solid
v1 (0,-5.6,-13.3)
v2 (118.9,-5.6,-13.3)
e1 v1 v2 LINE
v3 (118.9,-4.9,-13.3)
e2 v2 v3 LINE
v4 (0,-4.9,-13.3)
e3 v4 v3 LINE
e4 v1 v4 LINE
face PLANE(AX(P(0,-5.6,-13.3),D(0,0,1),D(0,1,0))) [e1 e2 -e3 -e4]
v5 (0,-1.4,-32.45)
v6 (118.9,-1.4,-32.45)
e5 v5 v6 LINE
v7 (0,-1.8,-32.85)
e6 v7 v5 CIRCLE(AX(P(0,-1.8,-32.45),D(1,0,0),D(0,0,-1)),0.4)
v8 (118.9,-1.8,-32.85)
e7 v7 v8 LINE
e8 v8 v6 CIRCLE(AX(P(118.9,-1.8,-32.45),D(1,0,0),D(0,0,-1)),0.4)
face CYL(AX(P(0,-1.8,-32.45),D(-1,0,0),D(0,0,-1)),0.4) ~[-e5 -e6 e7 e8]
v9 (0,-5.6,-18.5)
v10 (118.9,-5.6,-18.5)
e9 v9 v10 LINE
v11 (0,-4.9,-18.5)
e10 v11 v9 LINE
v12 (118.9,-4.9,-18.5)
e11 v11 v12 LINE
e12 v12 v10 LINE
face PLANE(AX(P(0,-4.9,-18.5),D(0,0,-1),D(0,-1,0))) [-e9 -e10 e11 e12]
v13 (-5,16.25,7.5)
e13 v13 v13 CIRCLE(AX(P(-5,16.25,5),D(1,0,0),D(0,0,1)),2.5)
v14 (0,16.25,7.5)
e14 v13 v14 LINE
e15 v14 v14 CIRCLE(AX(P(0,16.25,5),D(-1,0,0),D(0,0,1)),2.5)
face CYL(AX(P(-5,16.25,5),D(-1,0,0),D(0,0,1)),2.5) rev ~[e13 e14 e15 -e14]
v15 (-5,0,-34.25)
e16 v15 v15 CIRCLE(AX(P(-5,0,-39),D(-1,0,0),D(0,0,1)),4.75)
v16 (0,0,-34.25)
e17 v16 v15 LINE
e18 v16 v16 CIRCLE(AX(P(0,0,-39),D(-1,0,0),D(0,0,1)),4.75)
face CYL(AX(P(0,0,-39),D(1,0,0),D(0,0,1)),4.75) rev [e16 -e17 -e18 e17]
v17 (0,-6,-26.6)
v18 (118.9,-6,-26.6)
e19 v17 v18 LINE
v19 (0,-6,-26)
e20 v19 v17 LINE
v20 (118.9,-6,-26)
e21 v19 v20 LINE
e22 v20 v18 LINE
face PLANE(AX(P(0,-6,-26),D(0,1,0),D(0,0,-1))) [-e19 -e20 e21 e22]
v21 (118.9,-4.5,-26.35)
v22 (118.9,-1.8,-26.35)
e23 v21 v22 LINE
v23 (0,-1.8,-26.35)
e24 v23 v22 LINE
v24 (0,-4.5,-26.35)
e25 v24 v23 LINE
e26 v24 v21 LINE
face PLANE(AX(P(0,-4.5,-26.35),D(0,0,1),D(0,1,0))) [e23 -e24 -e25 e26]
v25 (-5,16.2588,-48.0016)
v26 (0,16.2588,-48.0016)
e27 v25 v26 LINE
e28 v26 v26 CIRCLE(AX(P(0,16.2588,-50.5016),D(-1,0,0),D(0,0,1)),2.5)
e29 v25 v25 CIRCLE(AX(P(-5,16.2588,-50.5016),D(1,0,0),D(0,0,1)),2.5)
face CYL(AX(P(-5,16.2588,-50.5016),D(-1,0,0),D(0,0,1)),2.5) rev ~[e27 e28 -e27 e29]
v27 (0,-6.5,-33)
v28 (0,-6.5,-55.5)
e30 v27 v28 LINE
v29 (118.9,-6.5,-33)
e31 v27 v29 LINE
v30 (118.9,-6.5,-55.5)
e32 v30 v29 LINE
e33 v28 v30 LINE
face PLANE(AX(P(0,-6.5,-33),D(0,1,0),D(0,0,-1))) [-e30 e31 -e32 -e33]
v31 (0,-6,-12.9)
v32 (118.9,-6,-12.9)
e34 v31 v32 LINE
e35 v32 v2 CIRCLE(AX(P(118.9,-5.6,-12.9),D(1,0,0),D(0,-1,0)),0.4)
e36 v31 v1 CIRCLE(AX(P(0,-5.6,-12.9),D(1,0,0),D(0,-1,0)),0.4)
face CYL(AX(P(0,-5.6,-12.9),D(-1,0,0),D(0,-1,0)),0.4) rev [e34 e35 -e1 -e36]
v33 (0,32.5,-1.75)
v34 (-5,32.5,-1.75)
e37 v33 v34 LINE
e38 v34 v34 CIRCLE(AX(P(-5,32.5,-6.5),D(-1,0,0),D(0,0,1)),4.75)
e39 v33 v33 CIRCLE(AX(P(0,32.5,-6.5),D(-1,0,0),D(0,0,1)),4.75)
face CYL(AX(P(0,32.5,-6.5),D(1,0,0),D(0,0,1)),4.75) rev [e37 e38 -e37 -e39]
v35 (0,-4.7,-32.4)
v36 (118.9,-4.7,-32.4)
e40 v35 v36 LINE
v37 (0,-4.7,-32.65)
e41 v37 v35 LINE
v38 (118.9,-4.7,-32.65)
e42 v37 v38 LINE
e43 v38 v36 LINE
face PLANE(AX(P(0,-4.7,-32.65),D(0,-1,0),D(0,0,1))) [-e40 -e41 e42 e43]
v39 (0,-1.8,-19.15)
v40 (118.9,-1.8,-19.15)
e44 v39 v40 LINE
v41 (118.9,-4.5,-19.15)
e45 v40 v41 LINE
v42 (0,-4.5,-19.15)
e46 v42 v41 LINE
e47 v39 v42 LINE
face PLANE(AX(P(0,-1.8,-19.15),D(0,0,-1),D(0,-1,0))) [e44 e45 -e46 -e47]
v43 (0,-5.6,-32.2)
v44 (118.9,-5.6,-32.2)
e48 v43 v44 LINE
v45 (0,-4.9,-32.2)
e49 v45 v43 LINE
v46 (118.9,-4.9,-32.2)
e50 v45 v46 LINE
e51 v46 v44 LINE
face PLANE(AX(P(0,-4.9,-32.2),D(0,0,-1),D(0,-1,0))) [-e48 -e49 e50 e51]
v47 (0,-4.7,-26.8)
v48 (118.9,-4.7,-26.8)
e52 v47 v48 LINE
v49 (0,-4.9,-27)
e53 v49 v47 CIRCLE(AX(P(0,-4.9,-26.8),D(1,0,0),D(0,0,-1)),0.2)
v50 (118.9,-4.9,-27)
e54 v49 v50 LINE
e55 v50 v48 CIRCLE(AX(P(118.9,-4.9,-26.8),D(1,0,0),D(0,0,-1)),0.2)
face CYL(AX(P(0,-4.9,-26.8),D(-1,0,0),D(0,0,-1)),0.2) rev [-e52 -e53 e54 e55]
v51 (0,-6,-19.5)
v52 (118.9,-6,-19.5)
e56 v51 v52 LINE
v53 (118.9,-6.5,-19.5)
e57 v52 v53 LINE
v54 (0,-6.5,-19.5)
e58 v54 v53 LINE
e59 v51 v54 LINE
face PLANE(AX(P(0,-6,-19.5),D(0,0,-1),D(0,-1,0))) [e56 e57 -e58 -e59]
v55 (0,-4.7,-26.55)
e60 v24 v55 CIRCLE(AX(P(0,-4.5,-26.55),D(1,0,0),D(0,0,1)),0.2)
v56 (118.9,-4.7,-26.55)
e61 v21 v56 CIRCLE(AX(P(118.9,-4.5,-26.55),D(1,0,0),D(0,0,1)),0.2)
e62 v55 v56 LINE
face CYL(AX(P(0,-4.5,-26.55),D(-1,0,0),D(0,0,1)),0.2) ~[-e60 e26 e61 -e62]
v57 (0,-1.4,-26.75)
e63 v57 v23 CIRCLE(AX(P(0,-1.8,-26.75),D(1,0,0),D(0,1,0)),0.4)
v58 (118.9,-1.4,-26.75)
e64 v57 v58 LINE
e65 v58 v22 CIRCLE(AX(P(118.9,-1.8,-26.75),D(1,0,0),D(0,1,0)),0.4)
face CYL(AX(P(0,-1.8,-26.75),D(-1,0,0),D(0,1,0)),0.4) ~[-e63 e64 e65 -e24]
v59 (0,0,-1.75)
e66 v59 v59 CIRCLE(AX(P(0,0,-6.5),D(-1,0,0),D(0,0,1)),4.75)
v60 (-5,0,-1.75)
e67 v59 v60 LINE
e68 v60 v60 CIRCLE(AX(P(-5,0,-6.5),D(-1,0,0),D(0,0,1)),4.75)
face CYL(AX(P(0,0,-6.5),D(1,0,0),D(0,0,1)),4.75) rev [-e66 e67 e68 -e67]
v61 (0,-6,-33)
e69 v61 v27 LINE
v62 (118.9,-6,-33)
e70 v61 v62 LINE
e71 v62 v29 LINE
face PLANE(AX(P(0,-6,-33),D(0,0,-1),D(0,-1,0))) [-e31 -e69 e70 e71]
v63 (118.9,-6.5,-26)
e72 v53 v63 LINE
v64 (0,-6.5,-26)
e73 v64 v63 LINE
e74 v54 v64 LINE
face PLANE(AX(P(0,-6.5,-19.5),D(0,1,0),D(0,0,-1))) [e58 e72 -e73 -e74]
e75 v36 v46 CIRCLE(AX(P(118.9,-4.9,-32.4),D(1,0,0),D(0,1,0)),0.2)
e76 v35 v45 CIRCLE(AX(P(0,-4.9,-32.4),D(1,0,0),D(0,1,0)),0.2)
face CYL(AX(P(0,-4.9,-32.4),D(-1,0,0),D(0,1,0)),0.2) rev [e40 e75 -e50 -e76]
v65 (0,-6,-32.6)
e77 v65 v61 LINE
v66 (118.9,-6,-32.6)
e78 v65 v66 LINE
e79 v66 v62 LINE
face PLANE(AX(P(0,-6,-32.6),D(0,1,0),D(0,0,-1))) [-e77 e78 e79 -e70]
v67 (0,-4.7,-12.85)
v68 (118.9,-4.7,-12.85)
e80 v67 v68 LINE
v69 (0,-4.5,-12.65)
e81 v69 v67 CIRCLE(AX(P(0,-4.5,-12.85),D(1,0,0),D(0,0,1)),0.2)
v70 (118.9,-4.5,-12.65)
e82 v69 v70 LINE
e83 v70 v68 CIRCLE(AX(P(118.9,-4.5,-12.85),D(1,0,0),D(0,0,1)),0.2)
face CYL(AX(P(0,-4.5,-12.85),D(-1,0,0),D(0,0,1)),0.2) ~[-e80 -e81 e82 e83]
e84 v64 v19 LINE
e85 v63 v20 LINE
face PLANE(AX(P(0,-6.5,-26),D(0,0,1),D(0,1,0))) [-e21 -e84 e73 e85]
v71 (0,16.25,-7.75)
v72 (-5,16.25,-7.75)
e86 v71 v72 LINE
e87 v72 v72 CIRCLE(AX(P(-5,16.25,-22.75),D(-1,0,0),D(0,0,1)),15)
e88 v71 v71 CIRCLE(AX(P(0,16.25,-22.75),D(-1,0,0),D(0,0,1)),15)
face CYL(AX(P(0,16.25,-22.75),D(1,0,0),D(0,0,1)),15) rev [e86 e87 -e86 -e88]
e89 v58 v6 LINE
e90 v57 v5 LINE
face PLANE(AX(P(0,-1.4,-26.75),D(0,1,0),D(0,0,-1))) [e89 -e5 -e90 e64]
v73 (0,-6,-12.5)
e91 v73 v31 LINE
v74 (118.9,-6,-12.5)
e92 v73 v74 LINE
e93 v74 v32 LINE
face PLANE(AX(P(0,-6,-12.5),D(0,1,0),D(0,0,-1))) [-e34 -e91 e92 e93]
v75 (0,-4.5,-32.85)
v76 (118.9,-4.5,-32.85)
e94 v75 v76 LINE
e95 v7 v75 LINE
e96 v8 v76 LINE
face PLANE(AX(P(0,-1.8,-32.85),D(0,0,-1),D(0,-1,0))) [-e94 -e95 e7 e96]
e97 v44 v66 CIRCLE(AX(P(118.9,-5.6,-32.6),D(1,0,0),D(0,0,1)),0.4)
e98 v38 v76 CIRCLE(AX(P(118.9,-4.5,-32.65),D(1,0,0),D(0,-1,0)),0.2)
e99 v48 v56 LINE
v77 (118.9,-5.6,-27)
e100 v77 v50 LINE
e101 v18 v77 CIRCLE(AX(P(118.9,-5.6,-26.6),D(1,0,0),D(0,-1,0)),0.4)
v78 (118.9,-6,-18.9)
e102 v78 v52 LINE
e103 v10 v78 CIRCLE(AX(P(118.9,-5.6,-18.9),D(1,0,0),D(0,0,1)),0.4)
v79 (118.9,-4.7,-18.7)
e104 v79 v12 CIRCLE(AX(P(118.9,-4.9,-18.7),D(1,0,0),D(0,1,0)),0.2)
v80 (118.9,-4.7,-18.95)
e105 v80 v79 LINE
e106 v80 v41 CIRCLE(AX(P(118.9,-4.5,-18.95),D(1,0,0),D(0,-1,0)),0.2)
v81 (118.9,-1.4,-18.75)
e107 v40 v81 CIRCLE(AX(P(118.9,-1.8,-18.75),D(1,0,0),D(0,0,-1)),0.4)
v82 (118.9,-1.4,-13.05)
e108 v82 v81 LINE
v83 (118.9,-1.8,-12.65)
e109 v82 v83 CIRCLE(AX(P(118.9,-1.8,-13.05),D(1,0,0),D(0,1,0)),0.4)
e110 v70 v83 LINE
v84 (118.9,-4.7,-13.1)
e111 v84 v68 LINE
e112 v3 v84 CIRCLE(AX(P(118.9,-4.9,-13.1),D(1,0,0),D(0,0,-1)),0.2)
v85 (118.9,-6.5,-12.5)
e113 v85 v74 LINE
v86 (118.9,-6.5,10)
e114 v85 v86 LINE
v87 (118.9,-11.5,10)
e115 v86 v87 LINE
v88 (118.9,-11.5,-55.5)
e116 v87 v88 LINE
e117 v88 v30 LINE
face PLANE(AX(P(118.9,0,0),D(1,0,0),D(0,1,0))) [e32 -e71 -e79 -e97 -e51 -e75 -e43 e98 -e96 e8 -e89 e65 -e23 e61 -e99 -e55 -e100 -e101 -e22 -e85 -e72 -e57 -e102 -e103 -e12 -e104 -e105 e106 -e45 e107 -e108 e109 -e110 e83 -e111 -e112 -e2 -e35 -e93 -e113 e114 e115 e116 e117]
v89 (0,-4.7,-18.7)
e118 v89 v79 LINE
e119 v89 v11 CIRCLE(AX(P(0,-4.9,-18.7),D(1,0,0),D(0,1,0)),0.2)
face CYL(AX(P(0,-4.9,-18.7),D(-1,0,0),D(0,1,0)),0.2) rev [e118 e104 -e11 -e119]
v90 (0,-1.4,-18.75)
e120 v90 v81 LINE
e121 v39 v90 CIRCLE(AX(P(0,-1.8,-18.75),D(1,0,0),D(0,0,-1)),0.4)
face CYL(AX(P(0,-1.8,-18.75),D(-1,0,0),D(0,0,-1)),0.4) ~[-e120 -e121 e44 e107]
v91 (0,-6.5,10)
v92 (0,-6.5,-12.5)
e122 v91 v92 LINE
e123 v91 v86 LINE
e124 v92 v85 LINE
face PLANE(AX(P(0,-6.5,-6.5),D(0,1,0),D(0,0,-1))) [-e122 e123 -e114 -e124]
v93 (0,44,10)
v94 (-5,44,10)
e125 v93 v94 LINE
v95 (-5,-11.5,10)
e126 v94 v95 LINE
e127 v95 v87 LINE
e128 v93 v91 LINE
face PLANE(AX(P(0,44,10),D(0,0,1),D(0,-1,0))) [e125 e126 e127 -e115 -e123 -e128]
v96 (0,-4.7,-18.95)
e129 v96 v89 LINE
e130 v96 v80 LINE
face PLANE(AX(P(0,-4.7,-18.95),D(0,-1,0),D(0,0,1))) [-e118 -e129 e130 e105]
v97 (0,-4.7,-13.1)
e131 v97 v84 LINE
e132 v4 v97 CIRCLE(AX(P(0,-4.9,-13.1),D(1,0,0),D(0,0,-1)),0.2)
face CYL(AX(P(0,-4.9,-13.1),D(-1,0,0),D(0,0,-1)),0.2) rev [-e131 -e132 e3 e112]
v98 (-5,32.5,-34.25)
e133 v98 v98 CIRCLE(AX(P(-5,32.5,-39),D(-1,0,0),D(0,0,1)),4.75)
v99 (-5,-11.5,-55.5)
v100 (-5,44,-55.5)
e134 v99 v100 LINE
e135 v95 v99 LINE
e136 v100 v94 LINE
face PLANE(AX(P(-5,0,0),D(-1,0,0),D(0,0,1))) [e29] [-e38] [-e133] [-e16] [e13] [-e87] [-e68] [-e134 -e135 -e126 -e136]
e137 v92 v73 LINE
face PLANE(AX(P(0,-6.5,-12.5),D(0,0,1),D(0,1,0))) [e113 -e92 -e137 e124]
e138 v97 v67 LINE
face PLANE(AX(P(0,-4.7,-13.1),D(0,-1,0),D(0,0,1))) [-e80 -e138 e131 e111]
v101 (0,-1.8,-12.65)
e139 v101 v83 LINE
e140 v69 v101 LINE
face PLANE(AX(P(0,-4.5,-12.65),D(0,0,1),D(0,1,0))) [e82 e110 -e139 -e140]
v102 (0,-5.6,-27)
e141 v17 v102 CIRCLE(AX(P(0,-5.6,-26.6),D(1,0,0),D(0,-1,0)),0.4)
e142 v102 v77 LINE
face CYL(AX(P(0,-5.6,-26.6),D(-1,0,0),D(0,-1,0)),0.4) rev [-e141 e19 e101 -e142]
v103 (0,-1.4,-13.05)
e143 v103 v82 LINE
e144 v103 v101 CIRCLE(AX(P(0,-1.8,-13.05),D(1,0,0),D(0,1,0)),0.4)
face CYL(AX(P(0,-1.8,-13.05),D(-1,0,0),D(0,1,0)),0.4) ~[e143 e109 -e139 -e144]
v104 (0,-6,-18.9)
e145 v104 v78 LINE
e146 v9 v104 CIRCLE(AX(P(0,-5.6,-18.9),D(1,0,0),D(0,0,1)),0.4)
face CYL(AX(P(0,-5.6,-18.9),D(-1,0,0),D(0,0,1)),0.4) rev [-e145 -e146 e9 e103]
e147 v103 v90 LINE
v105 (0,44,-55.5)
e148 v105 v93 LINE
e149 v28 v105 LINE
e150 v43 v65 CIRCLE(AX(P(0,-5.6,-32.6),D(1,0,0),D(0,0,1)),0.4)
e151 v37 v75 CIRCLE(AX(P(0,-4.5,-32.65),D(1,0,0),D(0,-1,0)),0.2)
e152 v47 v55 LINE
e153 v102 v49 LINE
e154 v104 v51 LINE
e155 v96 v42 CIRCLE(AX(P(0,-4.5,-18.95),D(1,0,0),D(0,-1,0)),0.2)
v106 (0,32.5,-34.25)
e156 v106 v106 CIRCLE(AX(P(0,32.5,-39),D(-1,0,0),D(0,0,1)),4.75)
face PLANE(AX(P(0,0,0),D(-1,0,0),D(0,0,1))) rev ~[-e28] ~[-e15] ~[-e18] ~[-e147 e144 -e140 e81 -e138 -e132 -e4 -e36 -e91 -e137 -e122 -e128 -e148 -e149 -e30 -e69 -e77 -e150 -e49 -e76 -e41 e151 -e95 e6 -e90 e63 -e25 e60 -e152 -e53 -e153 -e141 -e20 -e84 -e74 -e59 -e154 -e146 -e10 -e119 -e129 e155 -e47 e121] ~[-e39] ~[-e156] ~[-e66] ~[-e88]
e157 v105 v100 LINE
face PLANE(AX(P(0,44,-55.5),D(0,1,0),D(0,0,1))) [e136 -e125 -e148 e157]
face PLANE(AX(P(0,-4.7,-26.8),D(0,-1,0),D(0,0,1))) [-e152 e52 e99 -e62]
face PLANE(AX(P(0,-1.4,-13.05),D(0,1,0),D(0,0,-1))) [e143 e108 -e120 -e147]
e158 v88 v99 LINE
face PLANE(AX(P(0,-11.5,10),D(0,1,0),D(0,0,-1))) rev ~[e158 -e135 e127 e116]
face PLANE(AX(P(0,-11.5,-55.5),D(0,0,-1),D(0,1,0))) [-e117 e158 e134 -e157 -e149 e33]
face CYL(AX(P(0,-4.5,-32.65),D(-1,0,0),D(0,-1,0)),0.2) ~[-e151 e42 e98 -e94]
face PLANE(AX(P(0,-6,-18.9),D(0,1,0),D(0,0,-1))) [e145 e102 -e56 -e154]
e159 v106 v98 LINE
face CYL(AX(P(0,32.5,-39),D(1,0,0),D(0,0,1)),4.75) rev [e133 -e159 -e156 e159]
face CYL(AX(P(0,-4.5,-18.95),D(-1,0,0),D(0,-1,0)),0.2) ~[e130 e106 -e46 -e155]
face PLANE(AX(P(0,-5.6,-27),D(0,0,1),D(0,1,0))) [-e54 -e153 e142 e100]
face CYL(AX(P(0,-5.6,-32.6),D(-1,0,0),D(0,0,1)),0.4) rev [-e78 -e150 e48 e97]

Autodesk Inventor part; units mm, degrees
ref_plane "YZ Plane" through (0, 0, 0) normal (1, 0, 0) x (0, 1, 0)
ref_plane "XZ Plane" through (0, 0, 0) normal (0, 1, 0) x (-1, 0, 0)
ref_plane "XY Plane" through (0, 0, 0) normal (0, 0, 1) x (1, 0, 0)
sketch "Sketch4" plane through (0, 0, 0) normal (1, 0, 0) x (0, 1, 0)
  line L0 (-6, -12.5) -> (-6, -12.9)
  arc A0 (-6, -12.9) -> (-5.6, -13.3) centre (-5.6, -12.9) ccw
  line L1 (-5.6, -13.3) -> (-4.9, -13.3)
  arc A1 (-4.9, -13.3) -> (-4.7, -13.1) centre (-4.9, -13.1) ccw
  line L2 (-4.7, -13.1) -> (-4.7, -12.85)
  arc A2 (-4.5, -12.65) -> (-4.7, -12.85) centre (-4.5, -12.85) ccw
  line L3 (-4.5, -12.65) -> (-1.8, -12.65)
  arc A3 (-1.4, -13.05) -> (-1.8, -12.65) centre (-1.8, -13.05) ccw
  line L4 (-1.4, -13.05) -> (-1.4, -18.75)
  line L5 (-1.8, -19.15) -> (-4.5, -19.15)
  arc A4 (-1.8, -19.15) -> (-1.4, -18.75) centre (-1.8, -18.75) ccw
  arc A5 (-4.7, -18.95) -> (-4.5, -19.15) centre (-4.5, -18.95) ccw
  line L6 (-4.7, -18.95) -> (-4.7, -18.7)
  arc A6 (-4.7, -18.7) -> (-4.9, -18.5) centre (-4.9, -18.7) ccw
  line L7 (-4.9, -18.5) -> (-5.6, -18.5)
  arc A7 (-5.6, -18.5) -> (-6, -18.9) centre (-5.6, -18.9) ccw
  line L8 (-6, -18.9) -> (-6, -19.5)
  line L9 (-6.5, -6.5) -> (-6.5, -12.5)
  line L10 (-6.5, -12.5) -> (-6, -12.5)
  line L11 (-6, -19.5) -> (-6.5, -19.5)
  line L12 (-6.5, -19.5) -> (-6.5, -26)
  line L13 (-6.5, -26) -> (-6, -26)
  line L14 (-6, -26) -> (-6, -26.6)
  arc A8 (-6, -26.6) -> (-5.6, -27) centre (-5.6, -26.6) ccw
  line L15 (-5.6, -27) -> (-4.9, -27)
  arc A9 (-4.9, -27) -> (-4.7, -26.8) centre (-4.9, -26.8) ccw
  arc A10 (-4.5, -26.35) -> (-4.7, -26.55) centre (-4.5, -26.55) ccw
  line L16 (-4.7, -26.8) -> (-4.7, -26.55)
  line L17 (-4.5, -26.35) -> (-1.8, -26.35)
  arc A11 (-1.4, -26.75) -> (-1.8, -26.35) centre (-1.8, -26.75) ccw
  line L18 (-1.4, -26.75) -> (-1.4, -32.45)
  arc A12 (-1.8, -32.85) -> (-1.4, -32.45) centre (-1.8, -32.45) ccw
  line L19 (-1.8, -32.85) -> (-4.5, -32.85)
  arc A13 (-4.7, -32.65) -> (-4.5, -32.85) centre (-4.5, -32.65) ccw
  line L20 (-4.7, -32.65) -> (-4.7, -32.4)
  arc A14 (-4.7, -32.4) -> (-4.9, -32.2) centre (-4.9, -32.4) ccw
  line L21 (-4.9, -32.2) -> (-5.6, -32.2)
  arc A15 (-5.6, -32.2) -> (-6, -32.6) centre (-5.6, -32.6) ccw
  line L22 (-6, -32.6) -> (-6, -33)
  line L23 (-6, -33) -> (-6.5, -33)
  line L24 (-6.5, -33) -> (-6.5, -39)
  circle A16 centre (0, -6.5) radius 4.75
  circle A17 centre (32.5, -6.5) radius 4.75
  circle A18 centre (0, -39) radius 4.75
  circle A19 centre (32.5, -39) radius 4.75
  line L25 (39, -26) -> (39, -19.5)
  line L26 (39, -12.5) -> (39, -6.5)
  line L27 (39, -39) -> (39, -33)
  line L28 (39, -45.5) -> (39, 0)
  line L29 (39, -45.5) -> (39, -55.5)
  line L30 (39, -55.5) -> (-6.5, -55.5)
  line L31 (-6.5, -55.5) -> (-6.5, -45.5)
  line L32 (39, 0) -> (39, 10)
  line L33 (39, 10) -> (-6.5, 10)
  line L34 (-6.5, 10) -> (-6.5, 0)
  line L35 (-6.5, 0) -> (-6.5, -12.5)
  line L36 (-6.5, -19.5) -> (-6.5, -26)
  line L37 (-6.5, -33) -> (-6.5, -45.5)
  line L38 (-6.5, 10) -> (-11.5, 10)
  line L39 (-11.5, 10) -> (-11.5, -55.5)
  line L40 (-11.5, -55.5) -> (-6.5, -55.5)
  line L41 (-6.5, -12.5) -> (-6.5, 10)
  line L42 (-6.5, -55.5) -> (-6.5, -33)
  line L43 (-6.5, -26) -> (-6.5, -19.5)
  point P0 (0, 0)
  dimension "d36" = 10
  dimension "d37" = 10
  dimension "d38" = 5
extrude "Extrusion6" add sketch "Sketch4" along normal blind 118.9 contours L0 A0 L1 A1 L2 A2 L3 A3 L4 A4 L5 A5 L6 A6 L7 A7 L8 L11 L12 L13 L14 A8 L15 A9 L16 A10 L17 A11 L18 A12 L19 A13 L20 A14 L21 A15 L22 L23 L24 L37 L31 L40 L39 L38 L34 L35 L9 L10
sketch "Sketch5" plane through (0, 0, 0) normal (-1, 0, 0) x (0, 0, 1)
  line L0 (-33, -6) -> (-32.6, -6)
  arc A0 (-32.6, -6) -> (-32.2, -5.6) centre (-32.6, -5.6) ccw
  line L1 (-32.2, -5.6) -> (-32.2, -4.9)
  arc A1 (-32.2, -4.9) -> (-32.4, -4.7) centre (-32.4, -4.9) ccw
  line L2 (-32.4, -4.7) -> (-32.65, -4.7)
  arc A2 (-32.85, -4.5) -> (-32.65, -4.7) centre (-32.65, -4.5) ccw
  line L3 (-32.85, -4.5) -> (-32.85, -1.8)
  arc A3 (-32.45, -1.4) -> (-32.85, -1.8) centre (-32.45, -1.8) ccw
  line L4 (-32.45, -1.4) -> (-26.75, -1.4)
  line L5 (-26.35, -1.8) -> (-26.35, -4.5)
  arc A4 (-26.35, -1.8) -> (-26.75, -1.4) centre (-26.75, -1.8) ccw
  arc A5 (-26.55, -4.7) -> (-26.35, -4.5) centre (-26.55, -4.5) ccw
  line L6 (-26.55, -4.7) -> (-26.8, -4.7)
  arc A6 (-26.8, -4.7) -> (-27, -4.9) centre (-26.8, -4.9) ccw
  line L7 (-27, -4.9) -> (-27, -5.6)
  arc A7 (-27, -5.6) -> (-26.6, -6) centre (-26.6, -5.6) ccw
  line L8 (-26.6, -6) -> (-26, -6)
  line L9 (-39, -6.5) -> (-33, -6.5)
  line L10 (-33, -6.5) -> (-33, -2.5)
  line L11 (-26, -1.05) -> (-26, -6.5)
  line L12 (-26, -6.5) -> (-19.5, -6.5)
  line L13 (-19.5, -6.5) -> (-19.5, -1.05)
  line L14 (-19.5, -6) -> (-18.9, -6)
  arc A8 (-18.9, -6) -> (-18.5, -5.6) centre (-18.9, -5.6) ccw
  line L15 (-18.5, -5.6) -> (-18.5, -4.9)
  arc A9 (-18.5, -4.9) -> (-18.7, -4.7) centre (-18.7, -4.9) ccw
  arc A10 (-19.15, -4.5) -> (-18.95, -4.7) centre (-18.95, -4.5) ccw
  line L16 (-18.7, -4.7) -> (-18.95, -4.7)
  line L17 (-19.15, -4.5) -> (-19.15, -1.8)
  arc A11 (-18.75, -1.4) -> (-19.15, -1.8) centre (-18.75, -1.8) ccw
  line L18 (-18.75, -1.4) -> (-13.05, -1.4)
  arc A12 (-12.65, -1.8) -> (-13.05, -1.4) centre (-13.05, -1.8) ccw
  line L19 (-12.65, -1.8) -> (-12.65, -4.5)
  arc A13 (-12.85, -4.7) -> (-12.65, -4.5) centre (-12.85, -4.5) ccw
  line L20 (-12.85, -4.7) -> (-13.1, -4.7)
  arc A14 (-13.1, -4.7) -> (-13.3, -4.9) centre (-13.1, -4.9) ccw
  line L21 (-13.3, -4.9) -> (-13.3, -5.6)
  arc A15 (-13.3, -5.6) -> (-12.9, -6) centre (-12.9, -5.6) ccw
  line L22 (-12.9, -6) -> (-12.5, -6)
  line L23 (-12.5, -2.5) -> (-12.5, -6.5)
  line L24 (-12.5, -6.5) -> (-6.5, -6.5)
  line L25 (-45.5, 32.5) -> (-45.5, 0)
  circle A16 centre (-39, 0) radius 4.75
  circle A17 centre (-39, 32.5) radius 4.75
  circle A18 centre (-6.5, 0) radius 4.75
  circle A19 centre (-6.5, 32.5) radius 4.75
  line L26 (-19.5, 39) -> (-26, 39)
  line L27 (-33, 39) -> (-39, 39)
  line L28 (-6.5, 39) -> (-12.5, 39)
  line L29 (0, 26.5) -> (0, 32.5)
  line L30 (0, 0) -> (0, 6)
  line L31 (0, 13) -> (0, 19.5)
  circle A20 centre (-22.75, 16.25) radius 15
  line L32 (-12.5, -6) -> (-12.5, -6.5) projected
  line L33 (10, -11.5) -> (-55.5, -11.5) projected
  line L34 (10, -11.5) -> (-55.5, -11.5)
  line L35 (-55.5, -11.5) -> (-55.5, 44)
  line L36 (-55.5, 44) -> (10, 44)
  line L37 (10, 44) -> (10, -11.5)
  line L38 (10, 39) -> (10, 44)
  point P0 (0, 0)
  point P1 (-55.5, -11.5)
  dimension "d43" = 5
extrude "Extrusion7" add sketch "Sketch5" along normal blind 5
sketch "Sketch7" plane through (-5, 0, 0) normal (-1, 0, 0) x (0, 0, 1)
  line L0 (10, -11.5) -> (10, 44) projected
  line L1 (10, 44) -> (0, -11.5)
  line L2 (-55.5, -11.5) -> (10, -11.5) projected
  line L3 (10, -11.5) -> (0, 44)
  line L4 (10, 44) -> (-55.5, 44) projected
  line L5 (-55.5, 44) -> (-55.5, -11.5) projected
  line L6 (-55.5, -10.3017) -> (-45.7159, 44)
  line L7 (-45.7159, 44) -> (-55.5, 44)
  line L8 (-55.5, 44) -> (-45.5032, -11.4823)
  circle A0 centre (5, 16.25) radius 2.5
  circle A1 centre (-50.5016, 16.2588) radius 2.5
  point P0 (0, 0)
  dimension "d44" = 5
  dimension "d45" = 5
extrude "Extrusion8" cut sketch "Sketch7" against normal through all contours A0 L1 L3 | L3 L1 A0 | L1 L3 A0 | A0 L3 L1 | A1 L8 L6 | L6 L8 A1 | A1 L8 L6 | L6 L8 A1
properties part number "SoporteHidráhulicos_CPY" material "Steel, Mild, Welded"
